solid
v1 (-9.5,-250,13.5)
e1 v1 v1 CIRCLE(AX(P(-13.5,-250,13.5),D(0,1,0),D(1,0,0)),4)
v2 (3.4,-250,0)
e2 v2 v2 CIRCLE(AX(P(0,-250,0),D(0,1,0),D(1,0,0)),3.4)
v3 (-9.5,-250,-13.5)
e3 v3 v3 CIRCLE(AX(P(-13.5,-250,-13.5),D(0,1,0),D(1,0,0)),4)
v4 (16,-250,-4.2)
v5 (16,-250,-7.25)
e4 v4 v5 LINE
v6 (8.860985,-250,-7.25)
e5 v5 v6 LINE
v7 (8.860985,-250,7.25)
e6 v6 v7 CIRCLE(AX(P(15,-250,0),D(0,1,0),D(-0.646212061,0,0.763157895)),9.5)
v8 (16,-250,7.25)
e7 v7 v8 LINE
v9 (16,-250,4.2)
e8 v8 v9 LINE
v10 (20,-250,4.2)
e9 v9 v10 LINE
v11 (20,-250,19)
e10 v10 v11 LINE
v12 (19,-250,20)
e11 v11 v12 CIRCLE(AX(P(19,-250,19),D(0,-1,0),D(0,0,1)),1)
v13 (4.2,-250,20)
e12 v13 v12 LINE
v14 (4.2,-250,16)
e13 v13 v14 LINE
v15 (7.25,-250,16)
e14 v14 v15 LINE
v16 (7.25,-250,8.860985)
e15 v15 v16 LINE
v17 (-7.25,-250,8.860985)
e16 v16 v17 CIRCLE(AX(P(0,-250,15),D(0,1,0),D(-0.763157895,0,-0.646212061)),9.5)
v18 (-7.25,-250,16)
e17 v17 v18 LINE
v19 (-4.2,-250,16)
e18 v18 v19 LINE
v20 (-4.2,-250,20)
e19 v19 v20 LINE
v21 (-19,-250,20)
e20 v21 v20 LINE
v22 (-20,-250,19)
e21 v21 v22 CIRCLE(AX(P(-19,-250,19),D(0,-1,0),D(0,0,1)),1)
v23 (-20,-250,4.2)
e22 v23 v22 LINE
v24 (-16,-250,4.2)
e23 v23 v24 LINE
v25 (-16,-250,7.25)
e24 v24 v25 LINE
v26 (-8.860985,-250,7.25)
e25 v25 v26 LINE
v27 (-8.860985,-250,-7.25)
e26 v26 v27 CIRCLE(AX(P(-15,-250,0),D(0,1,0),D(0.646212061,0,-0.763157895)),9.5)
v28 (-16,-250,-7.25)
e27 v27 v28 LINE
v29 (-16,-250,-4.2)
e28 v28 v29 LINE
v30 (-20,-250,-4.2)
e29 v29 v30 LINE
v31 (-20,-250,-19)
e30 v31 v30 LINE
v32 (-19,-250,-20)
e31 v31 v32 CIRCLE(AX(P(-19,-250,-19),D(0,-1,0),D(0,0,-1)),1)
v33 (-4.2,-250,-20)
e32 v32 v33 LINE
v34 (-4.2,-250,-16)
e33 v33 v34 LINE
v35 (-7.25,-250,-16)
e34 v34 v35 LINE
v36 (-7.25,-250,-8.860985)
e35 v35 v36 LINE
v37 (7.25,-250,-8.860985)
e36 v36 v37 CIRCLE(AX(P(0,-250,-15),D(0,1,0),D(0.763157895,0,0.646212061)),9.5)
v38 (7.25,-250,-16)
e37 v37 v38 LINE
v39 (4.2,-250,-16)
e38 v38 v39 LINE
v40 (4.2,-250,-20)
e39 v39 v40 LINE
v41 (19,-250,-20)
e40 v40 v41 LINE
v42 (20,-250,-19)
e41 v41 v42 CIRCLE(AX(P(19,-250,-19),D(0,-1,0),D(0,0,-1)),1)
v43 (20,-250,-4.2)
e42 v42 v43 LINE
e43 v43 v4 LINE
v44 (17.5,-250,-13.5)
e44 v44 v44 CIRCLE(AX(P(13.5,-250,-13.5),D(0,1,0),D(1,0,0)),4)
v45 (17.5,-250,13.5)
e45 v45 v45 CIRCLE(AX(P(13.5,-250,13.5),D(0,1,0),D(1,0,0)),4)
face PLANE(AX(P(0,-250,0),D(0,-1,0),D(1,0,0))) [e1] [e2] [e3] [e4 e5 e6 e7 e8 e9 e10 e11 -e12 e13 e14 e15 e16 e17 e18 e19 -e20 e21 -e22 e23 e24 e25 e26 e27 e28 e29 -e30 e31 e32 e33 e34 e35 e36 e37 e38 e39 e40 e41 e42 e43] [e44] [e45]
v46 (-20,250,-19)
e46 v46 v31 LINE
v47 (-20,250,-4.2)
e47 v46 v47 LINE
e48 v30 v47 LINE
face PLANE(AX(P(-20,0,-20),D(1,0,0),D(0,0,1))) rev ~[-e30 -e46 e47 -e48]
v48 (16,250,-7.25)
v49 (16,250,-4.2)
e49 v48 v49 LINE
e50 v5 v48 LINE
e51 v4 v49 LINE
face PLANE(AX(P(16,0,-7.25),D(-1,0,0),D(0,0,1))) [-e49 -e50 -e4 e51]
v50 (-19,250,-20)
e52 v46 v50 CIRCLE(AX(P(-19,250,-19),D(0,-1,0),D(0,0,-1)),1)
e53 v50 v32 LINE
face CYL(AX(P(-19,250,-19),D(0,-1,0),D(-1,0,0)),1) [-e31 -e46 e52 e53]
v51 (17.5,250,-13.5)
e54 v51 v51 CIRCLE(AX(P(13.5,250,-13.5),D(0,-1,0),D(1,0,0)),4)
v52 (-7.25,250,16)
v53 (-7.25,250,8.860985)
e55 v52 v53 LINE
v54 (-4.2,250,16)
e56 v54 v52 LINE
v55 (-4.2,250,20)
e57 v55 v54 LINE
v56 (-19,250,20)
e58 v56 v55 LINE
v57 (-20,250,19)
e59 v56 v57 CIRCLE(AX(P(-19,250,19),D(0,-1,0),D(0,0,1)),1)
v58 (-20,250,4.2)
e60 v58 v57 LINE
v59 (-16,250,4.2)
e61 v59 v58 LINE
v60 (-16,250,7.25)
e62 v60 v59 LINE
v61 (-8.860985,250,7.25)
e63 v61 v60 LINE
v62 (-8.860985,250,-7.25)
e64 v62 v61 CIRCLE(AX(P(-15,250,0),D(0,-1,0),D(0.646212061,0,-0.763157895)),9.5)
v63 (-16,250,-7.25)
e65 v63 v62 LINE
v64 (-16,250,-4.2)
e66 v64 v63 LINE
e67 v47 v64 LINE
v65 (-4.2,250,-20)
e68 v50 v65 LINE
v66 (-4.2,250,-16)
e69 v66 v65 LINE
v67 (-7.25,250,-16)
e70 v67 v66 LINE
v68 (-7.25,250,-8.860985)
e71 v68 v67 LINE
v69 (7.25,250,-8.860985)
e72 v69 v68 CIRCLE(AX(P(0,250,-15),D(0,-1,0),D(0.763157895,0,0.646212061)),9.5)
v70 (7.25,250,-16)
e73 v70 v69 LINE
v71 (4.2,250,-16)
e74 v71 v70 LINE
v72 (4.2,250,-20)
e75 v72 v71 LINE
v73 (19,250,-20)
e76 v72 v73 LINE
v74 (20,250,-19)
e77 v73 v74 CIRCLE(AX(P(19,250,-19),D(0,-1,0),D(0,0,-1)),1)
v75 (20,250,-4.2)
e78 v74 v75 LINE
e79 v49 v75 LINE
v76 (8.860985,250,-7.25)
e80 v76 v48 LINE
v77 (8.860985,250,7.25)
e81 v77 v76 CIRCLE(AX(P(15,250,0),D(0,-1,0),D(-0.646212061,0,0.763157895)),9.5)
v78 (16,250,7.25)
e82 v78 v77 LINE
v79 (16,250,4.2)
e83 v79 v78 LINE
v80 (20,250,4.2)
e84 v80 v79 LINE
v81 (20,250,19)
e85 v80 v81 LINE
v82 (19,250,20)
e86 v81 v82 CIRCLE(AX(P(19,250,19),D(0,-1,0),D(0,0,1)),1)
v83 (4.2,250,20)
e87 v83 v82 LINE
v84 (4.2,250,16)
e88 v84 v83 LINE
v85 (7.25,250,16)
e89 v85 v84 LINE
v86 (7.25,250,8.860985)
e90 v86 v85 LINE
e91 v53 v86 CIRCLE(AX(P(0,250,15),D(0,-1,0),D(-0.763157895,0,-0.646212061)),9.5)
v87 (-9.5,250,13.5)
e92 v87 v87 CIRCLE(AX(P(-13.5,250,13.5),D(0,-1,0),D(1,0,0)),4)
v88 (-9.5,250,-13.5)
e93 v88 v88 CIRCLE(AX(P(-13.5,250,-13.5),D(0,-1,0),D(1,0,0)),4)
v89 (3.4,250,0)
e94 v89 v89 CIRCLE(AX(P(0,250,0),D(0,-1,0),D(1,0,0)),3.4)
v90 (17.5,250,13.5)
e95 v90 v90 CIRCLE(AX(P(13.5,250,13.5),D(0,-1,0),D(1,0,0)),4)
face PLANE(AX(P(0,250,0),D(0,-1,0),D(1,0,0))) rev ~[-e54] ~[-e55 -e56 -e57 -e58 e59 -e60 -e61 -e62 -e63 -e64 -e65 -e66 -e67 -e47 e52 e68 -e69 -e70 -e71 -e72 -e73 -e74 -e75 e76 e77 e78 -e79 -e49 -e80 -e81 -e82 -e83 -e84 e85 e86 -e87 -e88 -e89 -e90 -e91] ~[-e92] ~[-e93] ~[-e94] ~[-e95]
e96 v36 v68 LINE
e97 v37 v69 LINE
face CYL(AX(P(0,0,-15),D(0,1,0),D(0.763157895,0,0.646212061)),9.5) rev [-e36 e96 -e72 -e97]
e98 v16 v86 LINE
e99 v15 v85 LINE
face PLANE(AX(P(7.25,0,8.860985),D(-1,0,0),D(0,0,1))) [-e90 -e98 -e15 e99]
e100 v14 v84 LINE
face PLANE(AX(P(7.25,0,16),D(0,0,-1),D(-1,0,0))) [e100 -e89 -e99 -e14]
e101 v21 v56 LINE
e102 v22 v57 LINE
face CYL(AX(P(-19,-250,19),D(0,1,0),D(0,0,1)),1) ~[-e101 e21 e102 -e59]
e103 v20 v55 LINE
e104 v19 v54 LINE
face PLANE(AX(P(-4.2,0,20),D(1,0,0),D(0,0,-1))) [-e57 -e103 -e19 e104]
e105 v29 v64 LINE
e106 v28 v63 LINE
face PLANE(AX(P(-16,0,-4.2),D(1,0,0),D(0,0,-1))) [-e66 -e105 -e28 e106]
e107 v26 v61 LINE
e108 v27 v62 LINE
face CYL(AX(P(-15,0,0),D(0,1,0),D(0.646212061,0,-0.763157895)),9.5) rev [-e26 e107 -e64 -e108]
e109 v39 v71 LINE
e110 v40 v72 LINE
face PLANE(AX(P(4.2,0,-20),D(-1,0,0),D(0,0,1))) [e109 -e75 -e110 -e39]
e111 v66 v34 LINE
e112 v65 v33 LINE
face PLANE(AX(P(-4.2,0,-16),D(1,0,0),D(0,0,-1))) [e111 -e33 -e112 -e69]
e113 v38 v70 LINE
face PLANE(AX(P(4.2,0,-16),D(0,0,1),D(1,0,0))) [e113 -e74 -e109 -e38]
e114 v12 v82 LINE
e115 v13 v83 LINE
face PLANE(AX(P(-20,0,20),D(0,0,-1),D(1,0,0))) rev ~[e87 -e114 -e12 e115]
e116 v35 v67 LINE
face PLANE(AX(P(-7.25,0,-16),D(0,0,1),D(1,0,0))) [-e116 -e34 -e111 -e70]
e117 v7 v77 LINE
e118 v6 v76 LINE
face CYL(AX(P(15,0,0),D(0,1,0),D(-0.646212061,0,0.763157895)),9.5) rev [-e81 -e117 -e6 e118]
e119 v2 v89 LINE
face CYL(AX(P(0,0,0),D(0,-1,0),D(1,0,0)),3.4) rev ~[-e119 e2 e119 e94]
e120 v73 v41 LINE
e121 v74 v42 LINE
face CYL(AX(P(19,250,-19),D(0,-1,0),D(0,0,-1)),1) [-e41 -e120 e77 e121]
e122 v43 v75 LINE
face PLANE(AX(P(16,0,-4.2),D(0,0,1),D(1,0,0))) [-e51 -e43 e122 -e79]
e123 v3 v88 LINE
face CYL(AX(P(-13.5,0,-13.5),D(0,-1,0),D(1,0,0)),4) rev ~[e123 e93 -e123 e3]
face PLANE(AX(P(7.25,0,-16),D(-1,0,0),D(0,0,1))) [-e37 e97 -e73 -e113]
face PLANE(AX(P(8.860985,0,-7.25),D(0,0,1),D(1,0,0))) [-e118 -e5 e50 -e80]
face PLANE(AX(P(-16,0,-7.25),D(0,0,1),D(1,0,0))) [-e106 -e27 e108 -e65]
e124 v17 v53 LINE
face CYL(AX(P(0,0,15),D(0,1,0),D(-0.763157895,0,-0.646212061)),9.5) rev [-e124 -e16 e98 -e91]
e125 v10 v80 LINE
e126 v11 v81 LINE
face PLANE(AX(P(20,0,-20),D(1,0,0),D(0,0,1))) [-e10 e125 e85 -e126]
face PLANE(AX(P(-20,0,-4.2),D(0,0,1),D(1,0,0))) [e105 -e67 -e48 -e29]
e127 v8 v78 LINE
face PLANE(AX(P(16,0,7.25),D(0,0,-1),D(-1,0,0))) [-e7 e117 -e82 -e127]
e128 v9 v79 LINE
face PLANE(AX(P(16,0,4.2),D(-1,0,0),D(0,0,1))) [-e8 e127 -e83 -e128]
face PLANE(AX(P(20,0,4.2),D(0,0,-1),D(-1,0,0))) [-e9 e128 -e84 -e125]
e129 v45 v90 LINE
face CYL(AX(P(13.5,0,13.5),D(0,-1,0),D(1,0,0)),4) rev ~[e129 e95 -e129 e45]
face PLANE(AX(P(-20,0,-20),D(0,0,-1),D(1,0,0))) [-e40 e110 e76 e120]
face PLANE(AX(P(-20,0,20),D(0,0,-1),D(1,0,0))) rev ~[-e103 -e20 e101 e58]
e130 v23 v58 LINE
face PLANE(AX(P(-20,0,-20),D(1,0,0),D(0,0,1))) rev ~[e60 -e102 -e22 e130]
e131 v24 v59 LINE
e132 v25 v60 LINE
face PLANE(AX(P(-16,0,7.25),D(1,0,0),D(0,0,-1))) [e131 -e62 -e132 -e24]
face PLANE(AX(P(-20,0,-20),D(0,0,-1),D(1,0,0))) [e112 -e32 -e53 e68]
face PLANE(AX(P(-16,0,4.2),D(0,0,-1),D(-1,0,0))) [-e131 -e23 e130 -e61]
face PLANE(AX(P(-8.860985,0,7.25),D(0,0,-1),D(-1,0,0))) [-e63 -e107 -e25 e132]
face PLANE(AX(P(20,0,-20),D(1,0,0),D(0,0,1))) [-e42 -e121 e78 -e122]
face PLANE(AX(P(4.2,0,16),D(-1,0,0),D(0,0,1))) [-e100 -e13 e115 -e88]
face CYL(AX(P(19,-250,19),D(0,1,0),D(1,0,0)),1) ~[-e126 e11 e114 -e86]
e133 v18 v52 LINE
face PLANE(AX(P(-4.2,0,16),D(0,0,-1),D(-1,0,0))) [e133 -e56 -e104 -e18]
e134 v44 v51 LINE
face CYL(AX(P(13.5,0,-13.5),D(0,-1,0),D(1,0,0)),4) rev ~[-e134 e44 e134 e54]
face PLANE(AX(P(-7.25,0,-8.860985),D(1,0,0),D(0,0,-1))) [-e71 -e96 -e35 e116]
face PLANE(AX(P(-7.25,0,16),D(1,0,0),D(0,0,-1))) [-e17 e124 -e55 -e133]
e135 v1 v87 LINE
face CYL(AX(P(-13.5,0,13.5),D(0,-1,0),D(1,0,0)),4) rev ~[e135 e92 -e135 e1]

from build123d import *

# Parameters (mm, degrees)
F1_W          = 40
F1_H          = 40
F2_DEPTH      = 250
F3_R          = 4
F3_R_2        = 3.4
F4_DEPTH      = 250.001
F4_DEPTH_BACK = 250.001
F6_DEPTH      = 250.001
F6_DEPTH_BACK = 250.001
F7_R          = 1


with BuildPart() as f2:
    # F1 (on Front) → F2 (new body, symmetric)
    with BuildSketch(Plane.XZ):
        Rectangle(F1_W, F1_H)
    extrude(amount=F2_DEPTH, both=True)

    # F3 (on Front) → F4 (cut, two sides)
    with BuildSketch(Plane.XZ) as f4_sk:
        with Locations((-13.5, 13.5)):
            Circle(F3_R)
        with Locations((-13.5, -13.5)):
            Circle(F3_R)
        with Locations((13.5, -13.5)):
            Circle(F3_R)
        with Locations((13.5, 13.5)):
            Circle(F3_R)
        Circle(F3_R_2)
    extrude(amount=-F4_DEPTH, mode=Mode.SUBTRACT)
    extrude(f4_sk.sketch, amount=F4_DEPTH_BACK, mode=Mode.SUBTRACT)

    # F5 (on Front) → F6 (cut, two sides)
    with BuildSketch(Plane.XZ) as f6_sk:
        with BuildLine():
            Line((4.2, 20), (-4.2, 20))
            Line((-4.2, 20), (-4.2, 16))
            Line((-4.2, 16), (-7.25, 16))
            Line((-7.25, 16), (-7.25, 8.8609854211))
            ThreePointArc((-7.25, 8.8609854211), (0, 5.5), (7.25, 8.8609854211))
            Line((7.25, 8.8609854211), (7.25, 16))
            Line((7.25, 16), (4.2, 16))
            Line((4.2, 16), (4.2, 20))
        make_face()
        with BuildLine():
            Line((-16, 7.25), (-16, 4.2))
            Line((-16, 4.2), (-20, 4.2))
            Line((-20, 4.2), (-20, -4.2))
            Line((-20, -4.2), (-16, -4.2))
            Line((-16, -4.2), (-16, -7.25))
            Line((-16, -7.25), (-8.8609854211, -7.25))
            ThreePointArc((-8.8609854211, -7.25), (-5.5, 0), (-8.8609854211, 7.25))
            Line((-8.8609854211, 7.25), (-16, 7.25))
        make_face()
        with BuildLine():
            Line((-7.25, -16), (-4.2, -16))
            Line((-4.2, -16), (-4.2, -20))
            Line((-4.2, -20), (4.2, -20))
            Line((4.2, -20), (4.2, -16))
            Line((4.2, -16), (7.25, -16))
            Line((7.25, -16), (7.25, -8.8609854211))
            ThreePointArc((7.25, -8.8609854211), (0, -5.5), (-7.25, -8.8609854211))
            Line((-7.25, -8.8609854211), (-7.25, -16))
        make_face()
        with BuildLine():
            Line((16, -7.25), (16, -4.2))
            Line((16, -4.2), (20, -4.2))
            Line((20, -4.2), (20, 4.2))
            Line((20, 4.2), (16, 4.2))
            Line((16, 4.2), (16, 7.25))
            Line((16, 7.25), (8.8609854211, 7.25))
            ThreePointArc((8.8609854211, 7.25), (5.5, 0), (8.8609854211, -7.25))
            Line((8.8609854211, -7.25), (16, -7.25))
        make_face()
    extrude(amount=-F6_DEPTH, mode=Mode.SUBTRACT)
    extrude(f6_sk.sketch, amount=F6_DEPTH_BACK, mode=Mode.SUBTRACT)

    # F7
    f7_edges = [f2.edges().sort_by_distance(p)[0] for p in [
        (-20, 0, 20),
        (20, 0, 20),
        (20, 0, -20),
        (-20, 0, -20),
    ]]
    fillet(f7_edges, radius=F7_R)


solid = f2.part
